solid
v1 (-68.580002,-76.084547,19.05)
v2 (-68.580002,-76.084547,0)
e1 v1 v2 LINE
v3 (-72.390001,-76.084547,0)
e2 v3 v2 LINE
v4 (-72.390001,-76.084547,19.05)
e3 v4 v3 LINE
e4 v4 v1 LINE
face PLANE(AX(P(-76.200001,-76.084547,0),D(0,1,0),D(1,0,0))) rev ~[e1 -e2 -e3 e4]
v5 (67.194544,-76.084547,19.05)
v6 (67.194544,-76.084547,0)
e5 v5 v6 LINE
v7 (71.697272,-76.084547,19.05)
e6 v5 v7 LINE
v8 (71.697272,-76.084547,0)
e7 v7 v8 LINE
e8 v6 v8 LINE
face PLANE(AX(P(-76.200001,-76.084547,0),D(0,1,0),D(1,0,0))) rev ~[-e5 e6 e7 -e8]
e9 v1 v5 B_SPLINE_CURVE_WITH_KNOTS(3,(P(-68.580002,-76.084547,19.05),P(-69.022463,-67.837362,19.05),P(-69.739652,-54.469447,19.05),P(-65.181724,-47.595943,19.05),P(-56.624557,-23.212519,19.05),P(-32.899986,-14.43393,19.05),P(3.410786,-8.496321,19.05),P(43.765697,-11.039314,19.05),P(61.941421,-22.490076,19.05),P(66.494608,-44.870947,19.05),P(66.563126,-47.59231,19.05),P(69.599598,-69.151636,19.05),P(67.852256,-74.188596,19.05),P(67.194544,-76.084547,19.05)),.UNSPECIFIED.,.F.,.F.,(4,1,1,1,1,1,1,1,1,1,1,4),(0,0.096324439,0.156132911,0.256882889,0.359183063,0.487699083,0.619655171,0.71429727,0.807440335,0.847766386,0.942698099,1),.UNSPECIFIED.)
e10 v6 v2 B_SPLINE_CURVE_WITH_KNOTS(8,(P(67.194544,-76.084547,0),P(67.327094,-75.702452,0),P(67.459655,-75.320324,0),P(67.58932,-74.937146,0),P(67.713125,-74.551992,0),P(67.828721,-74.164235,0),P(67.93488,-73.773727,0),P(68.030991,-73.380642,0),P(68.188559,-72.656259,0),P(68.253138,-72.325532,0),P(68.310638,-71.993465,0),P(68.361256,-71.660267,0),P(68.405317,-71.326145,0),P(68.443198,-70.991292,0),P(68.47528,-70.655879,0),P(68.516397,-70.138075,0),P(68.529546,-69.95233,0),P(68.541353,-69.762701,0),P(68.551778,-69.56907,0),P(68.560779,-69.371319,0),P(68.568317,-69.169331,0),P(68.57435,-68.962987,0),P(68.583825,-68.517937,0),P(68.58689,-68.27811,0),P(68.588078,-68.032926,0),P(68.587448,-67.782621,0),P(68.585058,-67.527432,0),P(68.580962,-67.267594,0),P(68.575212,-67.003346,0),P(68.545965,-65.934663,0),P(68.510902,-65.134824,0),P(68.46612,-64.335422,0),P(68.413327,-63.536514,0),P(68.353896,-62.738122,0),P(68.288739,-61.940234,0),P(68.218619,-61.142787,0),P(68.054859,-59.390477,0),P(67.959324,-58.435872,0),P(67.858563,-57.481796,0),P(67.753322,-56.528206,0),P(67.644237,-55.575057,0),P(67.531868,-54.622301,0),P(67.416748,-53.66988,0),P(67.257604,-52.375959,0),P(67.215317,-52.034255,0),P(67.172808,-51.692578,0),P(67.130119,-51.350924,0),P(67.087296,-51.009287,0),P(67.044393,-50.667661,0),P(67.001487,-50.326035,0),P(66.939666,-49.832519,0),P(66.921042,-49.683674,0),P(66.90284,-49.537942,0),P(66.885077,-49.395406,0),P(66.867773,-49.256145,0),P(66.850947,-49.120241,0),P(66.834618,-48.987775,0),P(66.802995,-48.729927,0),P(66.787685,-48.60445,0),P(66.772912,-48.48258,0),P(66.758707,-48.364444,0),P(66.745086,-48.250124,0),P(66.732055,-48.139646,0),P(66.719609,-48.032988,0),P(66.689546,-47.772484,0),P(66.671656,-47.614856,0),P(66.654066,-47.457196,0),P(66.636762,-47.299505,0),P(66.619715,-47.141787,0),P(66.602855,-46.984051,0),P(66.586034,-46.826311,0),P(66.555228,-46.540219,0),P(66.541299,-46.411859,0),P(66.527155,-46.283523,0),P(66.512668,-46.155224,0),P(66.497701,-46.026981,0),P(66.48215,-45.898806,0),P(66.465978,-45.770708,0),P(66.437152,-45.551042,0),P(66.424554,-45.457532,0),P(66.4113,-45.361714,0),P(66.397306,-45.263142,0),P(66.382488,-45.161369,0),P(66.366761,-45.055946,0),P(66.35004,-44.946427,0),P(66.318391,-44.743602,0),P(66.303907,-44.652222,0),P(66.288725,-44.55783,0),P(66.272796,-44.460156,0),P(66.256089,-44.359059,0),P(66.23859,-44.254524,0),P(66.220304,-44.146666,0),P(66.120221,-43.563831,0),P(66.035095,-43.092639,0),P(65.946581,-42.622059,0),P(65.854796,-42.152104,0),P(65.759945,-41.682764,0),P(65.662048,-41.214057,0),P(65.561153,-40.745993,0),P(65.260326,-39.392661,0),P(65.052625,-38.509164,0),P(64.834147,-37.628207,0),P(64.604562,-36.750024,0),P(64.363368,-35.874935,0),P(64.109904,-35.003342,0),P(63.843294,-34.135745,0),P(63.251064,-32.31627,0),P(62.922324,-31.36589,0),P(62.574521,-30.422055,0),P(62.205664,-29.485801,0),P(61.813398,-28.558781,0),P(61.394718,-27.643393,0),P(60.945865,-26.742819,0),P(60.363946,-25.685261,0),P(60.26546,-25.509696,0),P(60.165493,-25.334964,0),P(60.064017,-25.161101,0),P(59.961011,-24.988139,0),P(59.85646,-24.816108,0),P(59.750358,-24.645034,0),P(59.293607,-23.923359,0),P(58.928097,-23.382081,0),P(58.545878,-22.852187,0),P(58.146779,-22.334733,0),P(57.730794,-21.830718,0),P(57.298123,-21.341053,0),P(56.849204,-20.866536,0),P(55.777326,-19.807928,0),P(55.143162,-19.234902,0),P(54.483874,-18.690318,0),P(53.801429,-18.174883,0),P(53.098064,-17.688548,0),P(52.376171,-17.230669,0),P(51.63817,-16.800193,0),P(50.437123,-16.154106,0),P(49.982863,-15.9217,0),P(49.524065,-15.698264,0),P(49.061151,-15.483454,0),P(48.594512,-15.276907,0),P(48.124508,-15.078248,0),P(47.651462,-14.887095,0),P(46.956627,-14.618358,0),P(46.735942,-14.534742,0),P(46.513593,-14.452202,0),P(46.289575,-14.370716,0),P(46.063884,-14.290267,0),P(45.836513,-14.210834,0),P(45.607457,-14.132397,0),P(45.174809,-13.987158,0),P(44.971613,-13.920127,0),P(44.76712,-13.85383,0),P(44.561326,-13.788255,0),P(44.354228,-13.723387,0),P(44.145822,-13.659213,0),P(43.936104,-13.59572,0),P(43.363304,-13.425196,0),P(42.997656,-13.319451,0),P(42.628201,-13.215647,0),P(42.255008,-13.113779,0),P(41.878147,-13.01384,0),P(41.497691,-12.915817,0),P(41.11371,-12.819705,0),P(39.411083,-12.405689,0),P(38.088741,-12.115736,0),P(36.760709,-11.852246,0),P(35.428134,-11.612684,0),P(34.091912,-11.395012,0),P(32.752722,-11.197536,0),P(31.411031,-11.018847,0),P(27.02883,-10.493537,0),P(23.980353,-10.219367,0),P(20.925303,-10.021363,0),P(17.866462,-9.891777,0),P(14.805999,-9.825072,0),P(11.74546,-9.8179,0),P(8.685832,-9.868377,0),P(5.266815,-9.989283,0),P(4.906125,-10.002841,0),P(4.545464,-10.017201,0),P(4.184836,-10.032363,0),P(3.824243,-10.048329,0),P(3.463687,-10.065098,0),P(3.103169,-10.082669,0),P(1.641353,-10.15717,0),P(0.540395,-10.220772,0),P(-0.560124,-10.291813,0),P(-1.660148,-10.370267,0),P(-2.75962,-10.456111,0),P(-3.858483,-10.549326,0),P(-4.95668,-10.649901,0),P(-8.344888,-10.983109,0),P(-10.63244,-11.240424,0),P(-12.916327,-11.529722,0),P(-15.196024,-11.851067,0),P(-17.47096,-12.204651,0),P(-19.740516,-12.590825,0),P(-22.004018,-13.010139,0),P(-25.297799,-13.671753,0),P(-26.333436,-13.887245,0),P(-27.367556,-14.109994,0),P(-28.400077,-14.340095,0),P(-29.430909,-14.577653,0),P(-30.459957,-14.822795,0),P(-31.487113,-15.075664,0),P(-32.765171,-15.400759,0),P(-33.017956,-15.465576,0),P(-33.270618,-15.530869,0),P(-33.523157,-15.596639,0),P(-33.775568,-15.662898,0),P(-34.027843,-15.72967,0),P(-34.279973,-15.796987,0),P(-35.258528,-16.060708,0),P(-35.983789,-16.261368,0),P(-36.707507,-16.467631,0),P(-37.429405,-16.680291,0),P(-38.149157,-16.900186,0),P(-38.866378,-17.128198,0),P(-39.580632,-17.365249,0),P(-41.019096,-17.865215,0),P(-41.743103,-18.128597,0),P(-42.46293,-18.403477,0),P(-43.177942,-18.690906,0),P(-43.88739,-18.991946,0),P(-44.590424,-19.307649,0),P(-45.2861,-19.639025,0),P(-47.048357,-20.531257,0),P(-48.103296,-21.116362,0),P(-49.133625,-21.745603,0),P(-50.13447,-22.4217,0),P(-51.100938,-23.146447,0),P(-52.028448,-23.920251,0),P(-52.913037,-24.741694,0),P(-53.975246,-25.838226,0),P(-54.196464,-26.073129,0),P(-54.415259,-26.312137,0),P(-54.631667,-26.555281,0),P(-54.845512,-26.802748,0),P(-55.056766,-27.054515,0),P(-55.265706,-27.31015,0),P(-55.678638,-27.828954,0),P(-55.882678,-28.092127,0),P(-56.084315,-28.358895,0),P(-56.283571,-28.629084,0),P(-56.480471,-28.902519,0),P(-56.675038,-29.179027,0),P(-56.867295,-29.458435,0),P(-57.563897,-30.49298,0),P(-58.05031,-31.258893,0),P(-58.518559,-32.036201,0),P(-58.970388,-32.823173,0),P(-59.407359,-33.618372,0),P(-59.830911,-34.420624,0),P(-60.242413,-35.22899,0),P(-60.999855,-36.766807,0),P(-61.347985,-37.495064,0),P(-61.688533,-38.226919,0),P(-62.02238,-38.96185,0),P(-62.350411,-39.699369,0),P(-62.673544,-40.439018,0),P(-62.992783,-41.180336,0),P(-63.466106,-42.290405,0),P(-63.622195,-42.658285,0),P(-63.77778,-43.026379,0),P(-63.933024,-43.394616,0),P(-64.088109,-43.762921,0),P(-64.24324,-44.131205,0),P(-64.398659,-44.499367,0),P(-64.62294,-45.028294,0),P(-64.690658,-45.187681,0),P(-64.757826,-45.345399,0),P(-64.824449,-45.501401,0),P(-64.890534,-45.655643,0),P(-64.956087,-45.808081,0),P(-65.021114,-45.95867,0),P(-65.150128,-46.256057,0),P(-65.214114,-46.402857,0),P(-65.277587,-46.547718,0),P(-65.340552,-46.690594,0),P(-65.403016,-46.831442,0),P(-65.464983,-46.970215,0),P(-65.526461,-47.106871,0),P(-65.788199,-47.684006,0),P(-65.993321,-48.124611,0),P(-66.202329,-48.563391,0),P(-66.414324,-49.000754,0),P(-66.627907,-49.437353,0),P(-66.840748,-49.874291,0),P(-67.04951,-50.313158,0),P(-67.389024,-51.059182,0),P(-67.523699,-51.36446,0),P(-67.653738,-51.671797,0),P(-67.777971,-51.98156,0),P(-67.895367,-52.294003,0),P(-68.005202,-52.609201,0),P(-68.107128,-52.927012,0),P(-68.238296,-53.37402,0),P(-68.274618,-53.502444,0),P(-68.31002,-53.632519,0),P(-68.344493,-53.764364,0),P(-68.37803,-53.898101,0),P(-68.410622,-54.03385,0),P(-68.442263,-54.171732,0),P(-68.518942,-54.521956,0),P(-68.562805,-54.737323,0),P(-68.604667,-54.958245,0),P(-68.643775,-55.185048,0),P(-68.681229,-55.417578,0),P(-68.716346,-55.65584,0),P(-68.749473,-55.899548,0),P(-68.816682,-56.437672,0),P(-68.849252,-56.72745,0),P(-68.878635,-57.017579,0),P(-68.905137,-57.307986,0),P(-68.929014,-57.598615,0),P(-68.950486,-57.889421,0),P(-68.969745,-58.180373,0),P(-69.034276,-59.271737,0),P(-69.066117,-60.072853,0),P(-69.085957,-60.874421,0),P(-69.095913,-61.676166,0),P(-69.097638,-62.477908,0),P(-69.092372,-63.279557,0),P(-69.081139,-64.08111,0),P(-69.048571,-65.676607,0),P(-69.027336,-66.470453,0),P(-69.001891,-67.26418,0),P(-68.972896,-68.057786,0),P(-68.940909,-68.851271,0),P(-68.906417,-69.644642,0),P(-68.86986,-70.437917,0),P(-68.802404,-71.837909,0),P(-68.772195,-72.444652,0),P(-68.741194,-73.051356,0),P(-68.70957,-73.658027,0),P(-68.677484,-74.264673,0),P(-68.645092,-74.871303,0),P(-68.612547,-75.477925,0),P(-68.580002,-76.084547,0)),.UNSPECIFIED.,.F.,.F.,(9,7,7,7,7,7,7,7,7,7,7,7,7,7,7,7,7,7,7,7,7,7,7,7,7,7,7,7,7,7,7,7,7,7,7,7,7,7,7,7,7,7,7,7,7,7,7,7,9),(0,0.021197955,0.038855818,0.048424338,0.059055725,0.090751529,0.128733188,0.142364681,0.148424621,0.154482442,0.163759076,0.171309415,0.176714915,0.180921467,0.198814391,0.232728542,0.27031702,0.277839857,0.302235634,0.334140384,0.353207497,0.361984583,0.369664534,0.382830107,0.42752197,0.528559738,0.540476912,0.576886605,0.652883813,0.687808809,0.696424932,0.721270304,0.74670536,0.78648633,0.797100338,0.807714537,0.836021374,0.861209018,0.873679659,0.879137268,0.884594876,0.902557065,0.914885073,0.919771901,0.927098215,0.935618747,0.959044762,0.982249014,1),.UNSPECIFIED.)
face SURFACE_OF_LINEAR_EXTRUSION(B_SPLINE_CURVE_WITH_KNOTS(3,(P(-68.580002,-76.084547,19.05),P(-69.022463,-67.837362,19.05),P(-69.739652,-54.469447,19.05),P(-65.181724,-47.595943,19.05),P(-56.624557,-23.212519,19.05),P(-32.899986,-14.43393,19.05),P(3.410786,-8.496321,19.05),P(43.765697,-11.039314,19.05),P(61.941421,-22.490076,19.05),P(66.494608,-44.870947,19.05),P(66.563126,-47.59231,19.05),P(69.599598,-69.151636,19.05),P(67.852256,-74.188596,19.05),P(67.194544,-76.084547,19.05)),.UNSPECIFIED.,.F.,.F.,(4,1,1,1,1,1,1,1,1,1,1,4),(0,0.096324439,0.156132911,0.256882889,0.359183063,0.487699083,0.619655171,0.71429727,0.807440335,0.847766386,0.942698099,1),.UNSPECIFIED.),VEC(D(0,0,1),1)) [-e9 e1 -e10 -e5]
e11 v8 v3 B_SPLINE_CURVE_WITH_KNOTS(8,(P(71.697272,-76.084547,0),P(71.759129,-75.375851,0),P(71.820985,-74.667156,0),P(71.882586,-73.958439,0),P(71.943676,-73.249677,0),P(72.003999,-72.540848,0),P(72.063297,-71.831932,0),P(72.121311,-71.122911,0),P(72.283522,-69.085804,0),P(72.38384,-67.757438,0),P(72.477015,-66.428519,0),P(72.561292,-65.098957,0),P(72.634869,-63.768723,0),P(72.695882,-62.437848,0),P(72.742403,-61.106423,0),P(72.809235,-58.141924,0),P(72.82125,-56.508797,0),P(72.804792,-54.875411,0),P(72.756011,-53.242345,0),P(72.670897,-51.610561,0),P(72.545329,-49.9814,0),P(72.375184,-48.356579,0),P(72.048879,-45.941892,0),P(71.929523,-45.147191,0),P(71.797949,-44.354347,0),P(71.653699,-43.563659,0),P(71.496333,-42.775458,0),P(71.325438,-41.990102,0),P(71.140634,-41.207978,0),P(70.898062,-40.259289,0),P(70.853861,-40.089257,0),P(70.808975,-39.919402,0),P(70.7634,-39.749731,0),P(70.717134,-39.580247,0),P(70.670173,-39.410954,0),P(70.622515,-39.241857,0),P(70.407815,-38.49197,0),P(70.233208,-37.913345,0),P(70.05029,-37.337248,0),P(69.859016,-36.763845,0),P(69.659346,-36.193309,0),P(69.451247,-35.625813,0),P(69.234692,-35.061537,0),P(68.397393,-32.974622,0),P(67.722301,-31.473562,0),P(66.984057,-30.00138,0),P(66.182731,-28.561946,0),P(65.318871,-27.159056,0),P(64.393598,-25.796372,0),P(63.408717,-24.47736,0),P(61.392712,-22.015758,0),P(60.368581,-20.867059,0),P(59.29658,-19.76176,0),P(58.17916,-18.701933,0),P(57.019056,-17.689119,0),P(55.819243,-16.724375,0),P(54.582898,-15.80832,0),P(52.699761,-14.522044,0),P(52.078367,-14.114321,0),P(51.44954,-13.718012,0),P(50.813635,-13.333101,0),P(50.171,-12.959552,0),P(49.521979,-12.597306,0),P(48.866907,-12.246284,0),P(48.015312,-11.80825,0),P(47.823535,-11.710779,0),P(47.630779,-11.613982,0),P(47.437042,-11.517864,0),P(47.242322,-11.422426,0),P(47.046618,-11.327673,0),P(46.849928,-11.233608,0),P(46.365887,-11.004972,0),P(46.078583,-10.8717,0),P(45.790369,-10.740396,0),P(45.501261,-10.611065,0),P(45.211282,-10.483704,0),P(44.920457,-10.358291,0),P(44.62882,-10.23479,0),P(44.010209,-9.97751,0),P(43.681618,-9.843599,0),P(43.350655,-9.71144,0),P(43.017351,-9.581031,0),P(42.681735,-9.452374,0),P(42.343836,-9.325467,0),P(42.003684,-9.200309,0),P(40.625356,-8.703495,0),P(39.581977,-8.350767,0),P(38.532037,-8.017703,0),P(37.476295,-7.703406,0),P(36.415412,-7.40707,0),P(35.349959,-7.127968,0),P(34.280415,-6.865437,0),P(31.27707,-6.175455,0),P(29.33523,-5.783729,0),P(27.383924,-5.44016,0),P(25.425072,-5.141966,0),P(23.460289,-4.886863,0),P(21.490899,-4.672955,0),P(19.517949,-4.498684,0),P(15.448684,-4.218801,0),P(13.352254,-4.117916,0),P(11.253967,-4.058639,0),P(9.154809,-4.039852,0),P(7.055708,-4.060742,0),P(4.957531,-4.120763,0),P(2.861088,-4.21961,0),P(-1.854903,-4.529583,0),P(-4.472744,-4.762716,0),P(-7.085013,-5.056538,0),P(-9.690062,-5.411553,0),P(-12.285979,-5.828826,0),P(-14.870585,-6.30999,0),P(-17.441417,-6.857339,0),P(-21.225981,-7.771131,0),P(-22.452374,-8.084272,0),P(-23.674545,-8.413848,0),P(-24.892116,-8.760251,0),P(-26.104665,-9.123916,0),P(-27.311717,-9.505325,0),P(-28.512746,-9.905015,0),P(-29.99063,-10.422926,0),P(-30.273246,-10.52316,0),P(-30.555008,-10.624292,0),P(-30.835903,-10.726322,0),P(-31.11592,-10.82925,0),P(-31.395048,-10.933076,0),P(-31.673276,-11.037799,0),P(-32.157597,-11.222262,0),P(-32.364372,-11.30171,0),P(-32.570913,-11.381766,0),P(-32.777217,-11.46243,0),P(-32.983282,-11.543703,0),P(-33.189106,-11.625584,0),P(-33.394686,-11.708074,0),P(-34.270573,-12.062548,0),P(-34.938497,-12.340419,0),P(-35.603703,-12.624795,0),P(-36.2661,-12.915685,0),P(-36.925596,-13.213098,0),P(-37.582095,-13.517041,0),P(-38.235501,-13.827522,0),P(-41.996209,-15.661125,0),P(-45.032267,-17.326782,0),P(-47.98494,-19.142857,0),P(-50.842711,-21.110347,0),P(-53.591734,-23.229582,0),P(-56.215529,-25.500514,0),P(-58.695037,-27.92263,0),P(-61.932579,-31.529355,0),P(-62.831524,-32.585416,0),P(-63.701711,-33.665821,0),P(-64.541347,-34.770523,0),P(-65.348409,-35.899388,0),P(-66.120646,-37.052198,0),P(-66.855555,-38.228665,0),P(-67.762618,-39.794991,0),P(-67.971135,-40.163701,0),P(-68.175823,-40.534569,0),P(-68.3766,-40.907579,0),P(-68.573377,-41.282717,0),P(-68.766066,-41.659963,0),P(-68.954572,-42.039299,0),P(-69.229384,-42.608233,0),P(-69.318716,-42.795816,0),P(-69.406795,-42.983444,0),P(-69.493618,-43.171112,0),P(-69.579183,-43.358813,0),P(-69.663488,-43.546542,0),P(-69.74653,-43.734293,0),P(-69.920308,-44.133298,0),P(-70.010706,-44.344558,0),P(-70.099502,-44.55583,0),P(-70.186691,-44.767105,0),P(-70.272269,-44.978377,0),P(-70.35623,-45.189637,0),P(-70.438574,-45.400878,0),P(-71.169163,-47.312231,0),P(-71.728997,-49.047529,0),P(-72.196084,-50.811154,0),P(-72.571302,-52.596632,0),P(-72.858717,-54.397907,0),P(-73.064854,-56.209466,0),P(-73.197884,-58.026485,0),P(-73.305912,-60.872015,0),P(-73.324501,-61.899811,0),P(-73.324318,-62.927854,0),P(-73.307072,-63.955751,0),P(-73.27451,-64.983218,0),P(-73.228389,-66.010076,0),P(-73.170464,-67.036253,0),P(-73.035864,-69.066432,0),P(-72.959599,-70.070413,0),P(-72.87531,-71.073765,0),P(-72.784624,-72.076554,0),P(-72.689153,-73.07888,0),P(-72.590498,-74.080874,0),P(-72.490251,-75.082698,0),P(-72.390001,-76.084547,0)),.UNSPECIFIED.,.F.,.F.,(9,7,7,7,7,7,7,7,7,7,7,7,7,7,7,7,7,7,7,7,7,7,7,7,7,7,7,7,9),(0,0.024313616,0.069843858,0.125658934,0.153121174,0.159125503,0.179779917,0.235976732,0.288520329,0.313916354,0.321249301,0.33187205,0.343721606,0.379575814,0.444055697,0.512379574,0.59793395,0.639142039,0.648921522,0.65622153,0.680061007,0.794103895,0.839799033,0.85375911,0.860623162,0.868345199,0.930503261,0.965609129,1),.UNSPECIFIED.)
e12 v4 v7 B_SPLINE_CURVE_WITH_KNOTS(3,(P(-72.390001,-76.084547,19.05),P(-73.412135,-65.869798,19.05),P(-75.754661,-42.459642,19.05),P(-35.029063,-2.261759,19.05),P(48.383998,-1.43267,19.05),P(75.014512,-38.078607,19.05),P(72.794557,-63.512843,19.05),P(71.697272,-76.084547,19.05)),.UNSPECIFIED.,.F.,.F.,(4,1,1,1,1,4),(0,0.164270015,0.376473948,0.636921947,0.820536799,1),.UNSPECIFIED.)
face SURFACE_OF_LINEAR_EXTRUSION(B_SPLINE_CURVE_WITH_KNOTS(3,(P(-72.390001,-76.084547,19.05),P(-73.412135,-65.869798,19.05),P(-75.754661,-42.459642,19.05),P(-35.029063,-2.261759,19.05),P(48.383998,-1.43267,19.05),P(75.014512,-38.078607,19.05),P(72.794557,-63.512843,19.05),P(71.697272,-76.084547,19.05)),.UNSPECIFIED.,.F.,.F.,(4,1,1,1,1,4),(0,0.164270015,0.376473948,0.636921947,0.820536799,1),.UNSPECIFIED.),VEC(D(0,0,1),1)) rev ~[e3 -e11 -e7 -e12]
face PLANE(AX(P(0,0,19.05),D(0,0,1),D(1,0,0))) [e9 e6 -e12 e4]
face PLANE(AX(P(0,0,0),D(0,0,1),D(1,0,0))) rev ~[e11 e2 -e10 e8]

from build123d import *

# Parameters (mm, degrees)
F0_W     = 152.4000018835
F0_H     = 152.1690934896
F1_DEPTH = 19.05
F3_DEPTH = 25.4
F4_W     = 152.4000018835
F4_H     = 76.0845467448
F5_DEPTH = 25.4
F7_DEPTH = 25.4
F9_DEPTH = 25.4


with BuildPart() as f1:
    # F0 (on Top) → F1 (new body)
    with BuildSketch(Plane.XY):
        Rectangle(F0_W, F0_H)
    extrude(amount=F1_DEPTH)

    # F2 (on face) → F3 (cut)
    with BuildSketch(Plane.XY.offset(19.05)):
        with BuildLine():
            add(Edge.make_bspline(
                [(-68.5800015926, -76.0845467448), (-69.0224632706, -67.8373621128), (-69.739652291, -54.4694467387), (-65.1817235523, -47.595943334), (-56.6245567483, -23.2125189268), (-32.8999857773, -14.4339303364), (3.4107855833, -8.4963212674), (43.7656966724, -11.0393144946), (61.9414212277, -22.4900756246), (66.4946084633, -44.8709469992), (66.563125679, -47.5923096467), (69.5995975647, -69.1516364137), (67.8522564017, -74.1885963654), (67.1945437789, -76.0845467448)],
                knots=[0, 0, 0, 0, 0.0963244387, 0.1561329112, 0.2568828885, 0.3591830631, 0.4876990826, 0.6196551709, 0.7142972696, 0.8074403349, 0.8477663858, 0.9426980994, 1, 1, 1, 1], degree=3))
            Line((-68.5800015926, -76.0845467448), (67.1945437789, -76.0845467448))
        make_face()
    extrude(amount=-F3_DEPTH, mode=Mode.SUBTRACT)

    # F4 (on face) → F5 (cut)
    with BuildSketch(Plane.XY.offset(19.05)):
        with Locations((0, 38.0422733724)):
            Rectangle(F4_W, F4_H)
    extrude(amount=-F5_DEPTH, mode=Mode.SUBTRACT)

    # F6 (on face) → F7 (cut)
    with BuildSketch(Plane.XY.offset(19.05)):
        with BuildLine():
            Line((-76.2000009418, 0), (-76.2000009418, -46.0663624108))
            add(Edge.make_bspline(
                [(-76.2000009418, -46.0663624108), (-73.9773501623, -39.7419346694), (-69.3691827834, -26.6296536587), (-50.403149618, -10.4409445978), (-17.467478098, -2.0971394015), (32.0120579089, -1.0880919646), (70.982150833, -14.6249224593), (74.5367808692, -35.8869155423), (76.2000009418, -45.8354540169)],
                knots=[0, 0, 0, 0, 0.1331033168, 0.2759598441, 0.4481736178, 0.6600598946, 0.8409411947, 1, 1, 1, 1], degree=3))
            Line((76.2000009418, -45.8354540169), (76.2000009418, 0))
            Line((76.2000009418, 0), (-76.2000009418, 0))
        make_face()
    extrude(amount=-F7_DEPTH, mode=Mode.SUBTRACT)

    # F8 (on face) → F9 (cut)
    with BuildSketch(Plane.XY.offset(19.05)):
        with BuildLine():
            Line((-76.2000009418, -76.0845467448), (-72.3900012672, -76.0845467448))
            add(Edge.make_bspline(
                [(-72.3900012672, -76.0845467448), (-73.4121351312, -65.8697982695), (-75.754661069, -42.4596422294), (-35.0290625963, -2.2617590441), (48.3839982672, -1.4326701301), (75.0145117466, -38.0786066124), (72.7945573953, -63.512843442), (71.6972723603, -76.0845467448)],
                knots=[0, 0, 0, 0, 0.1642700153, 0.3764739485, 0.636921947, 0.8205367989, 1, 1, 1, 1], degree=3))
            Line((71.6972723603, -76.0845467448), (76.2000009418, -76.0845467448))
            Line((76.2000009418, -76.0845467448), (76.2000009418, -45.8354540169))
            add(Edge.make_bspline(
                [(-76.2000009418, -46.0663624108), (-73.9773501623, -39.7419346694), (-69.3691827834, -26.6296536587), (-50.403149618, -10.4409445978), (-17.467478098, -2.0971394015), (32.0120579089, -1.0880919646), (70.982150833, -14.6249224593), (74.5367808692, -35.8869155423), (76.2000009418, -45.8354540169)],
                knots=[0, 0, 0, 0, 0.1331033168, 0.2759598441, 0.4481736178, 0.6600598946, 0.8409411947, 1, 1, 1, 1], degree=3))
            Line((-76.2000009418, -46.0663624108), (-76.2000009418, -76.0845467448))
        make_face()
    extrude(amount=-F9_DEPTH, mode=Mode.SUBTRACT)


solid = f1.part
